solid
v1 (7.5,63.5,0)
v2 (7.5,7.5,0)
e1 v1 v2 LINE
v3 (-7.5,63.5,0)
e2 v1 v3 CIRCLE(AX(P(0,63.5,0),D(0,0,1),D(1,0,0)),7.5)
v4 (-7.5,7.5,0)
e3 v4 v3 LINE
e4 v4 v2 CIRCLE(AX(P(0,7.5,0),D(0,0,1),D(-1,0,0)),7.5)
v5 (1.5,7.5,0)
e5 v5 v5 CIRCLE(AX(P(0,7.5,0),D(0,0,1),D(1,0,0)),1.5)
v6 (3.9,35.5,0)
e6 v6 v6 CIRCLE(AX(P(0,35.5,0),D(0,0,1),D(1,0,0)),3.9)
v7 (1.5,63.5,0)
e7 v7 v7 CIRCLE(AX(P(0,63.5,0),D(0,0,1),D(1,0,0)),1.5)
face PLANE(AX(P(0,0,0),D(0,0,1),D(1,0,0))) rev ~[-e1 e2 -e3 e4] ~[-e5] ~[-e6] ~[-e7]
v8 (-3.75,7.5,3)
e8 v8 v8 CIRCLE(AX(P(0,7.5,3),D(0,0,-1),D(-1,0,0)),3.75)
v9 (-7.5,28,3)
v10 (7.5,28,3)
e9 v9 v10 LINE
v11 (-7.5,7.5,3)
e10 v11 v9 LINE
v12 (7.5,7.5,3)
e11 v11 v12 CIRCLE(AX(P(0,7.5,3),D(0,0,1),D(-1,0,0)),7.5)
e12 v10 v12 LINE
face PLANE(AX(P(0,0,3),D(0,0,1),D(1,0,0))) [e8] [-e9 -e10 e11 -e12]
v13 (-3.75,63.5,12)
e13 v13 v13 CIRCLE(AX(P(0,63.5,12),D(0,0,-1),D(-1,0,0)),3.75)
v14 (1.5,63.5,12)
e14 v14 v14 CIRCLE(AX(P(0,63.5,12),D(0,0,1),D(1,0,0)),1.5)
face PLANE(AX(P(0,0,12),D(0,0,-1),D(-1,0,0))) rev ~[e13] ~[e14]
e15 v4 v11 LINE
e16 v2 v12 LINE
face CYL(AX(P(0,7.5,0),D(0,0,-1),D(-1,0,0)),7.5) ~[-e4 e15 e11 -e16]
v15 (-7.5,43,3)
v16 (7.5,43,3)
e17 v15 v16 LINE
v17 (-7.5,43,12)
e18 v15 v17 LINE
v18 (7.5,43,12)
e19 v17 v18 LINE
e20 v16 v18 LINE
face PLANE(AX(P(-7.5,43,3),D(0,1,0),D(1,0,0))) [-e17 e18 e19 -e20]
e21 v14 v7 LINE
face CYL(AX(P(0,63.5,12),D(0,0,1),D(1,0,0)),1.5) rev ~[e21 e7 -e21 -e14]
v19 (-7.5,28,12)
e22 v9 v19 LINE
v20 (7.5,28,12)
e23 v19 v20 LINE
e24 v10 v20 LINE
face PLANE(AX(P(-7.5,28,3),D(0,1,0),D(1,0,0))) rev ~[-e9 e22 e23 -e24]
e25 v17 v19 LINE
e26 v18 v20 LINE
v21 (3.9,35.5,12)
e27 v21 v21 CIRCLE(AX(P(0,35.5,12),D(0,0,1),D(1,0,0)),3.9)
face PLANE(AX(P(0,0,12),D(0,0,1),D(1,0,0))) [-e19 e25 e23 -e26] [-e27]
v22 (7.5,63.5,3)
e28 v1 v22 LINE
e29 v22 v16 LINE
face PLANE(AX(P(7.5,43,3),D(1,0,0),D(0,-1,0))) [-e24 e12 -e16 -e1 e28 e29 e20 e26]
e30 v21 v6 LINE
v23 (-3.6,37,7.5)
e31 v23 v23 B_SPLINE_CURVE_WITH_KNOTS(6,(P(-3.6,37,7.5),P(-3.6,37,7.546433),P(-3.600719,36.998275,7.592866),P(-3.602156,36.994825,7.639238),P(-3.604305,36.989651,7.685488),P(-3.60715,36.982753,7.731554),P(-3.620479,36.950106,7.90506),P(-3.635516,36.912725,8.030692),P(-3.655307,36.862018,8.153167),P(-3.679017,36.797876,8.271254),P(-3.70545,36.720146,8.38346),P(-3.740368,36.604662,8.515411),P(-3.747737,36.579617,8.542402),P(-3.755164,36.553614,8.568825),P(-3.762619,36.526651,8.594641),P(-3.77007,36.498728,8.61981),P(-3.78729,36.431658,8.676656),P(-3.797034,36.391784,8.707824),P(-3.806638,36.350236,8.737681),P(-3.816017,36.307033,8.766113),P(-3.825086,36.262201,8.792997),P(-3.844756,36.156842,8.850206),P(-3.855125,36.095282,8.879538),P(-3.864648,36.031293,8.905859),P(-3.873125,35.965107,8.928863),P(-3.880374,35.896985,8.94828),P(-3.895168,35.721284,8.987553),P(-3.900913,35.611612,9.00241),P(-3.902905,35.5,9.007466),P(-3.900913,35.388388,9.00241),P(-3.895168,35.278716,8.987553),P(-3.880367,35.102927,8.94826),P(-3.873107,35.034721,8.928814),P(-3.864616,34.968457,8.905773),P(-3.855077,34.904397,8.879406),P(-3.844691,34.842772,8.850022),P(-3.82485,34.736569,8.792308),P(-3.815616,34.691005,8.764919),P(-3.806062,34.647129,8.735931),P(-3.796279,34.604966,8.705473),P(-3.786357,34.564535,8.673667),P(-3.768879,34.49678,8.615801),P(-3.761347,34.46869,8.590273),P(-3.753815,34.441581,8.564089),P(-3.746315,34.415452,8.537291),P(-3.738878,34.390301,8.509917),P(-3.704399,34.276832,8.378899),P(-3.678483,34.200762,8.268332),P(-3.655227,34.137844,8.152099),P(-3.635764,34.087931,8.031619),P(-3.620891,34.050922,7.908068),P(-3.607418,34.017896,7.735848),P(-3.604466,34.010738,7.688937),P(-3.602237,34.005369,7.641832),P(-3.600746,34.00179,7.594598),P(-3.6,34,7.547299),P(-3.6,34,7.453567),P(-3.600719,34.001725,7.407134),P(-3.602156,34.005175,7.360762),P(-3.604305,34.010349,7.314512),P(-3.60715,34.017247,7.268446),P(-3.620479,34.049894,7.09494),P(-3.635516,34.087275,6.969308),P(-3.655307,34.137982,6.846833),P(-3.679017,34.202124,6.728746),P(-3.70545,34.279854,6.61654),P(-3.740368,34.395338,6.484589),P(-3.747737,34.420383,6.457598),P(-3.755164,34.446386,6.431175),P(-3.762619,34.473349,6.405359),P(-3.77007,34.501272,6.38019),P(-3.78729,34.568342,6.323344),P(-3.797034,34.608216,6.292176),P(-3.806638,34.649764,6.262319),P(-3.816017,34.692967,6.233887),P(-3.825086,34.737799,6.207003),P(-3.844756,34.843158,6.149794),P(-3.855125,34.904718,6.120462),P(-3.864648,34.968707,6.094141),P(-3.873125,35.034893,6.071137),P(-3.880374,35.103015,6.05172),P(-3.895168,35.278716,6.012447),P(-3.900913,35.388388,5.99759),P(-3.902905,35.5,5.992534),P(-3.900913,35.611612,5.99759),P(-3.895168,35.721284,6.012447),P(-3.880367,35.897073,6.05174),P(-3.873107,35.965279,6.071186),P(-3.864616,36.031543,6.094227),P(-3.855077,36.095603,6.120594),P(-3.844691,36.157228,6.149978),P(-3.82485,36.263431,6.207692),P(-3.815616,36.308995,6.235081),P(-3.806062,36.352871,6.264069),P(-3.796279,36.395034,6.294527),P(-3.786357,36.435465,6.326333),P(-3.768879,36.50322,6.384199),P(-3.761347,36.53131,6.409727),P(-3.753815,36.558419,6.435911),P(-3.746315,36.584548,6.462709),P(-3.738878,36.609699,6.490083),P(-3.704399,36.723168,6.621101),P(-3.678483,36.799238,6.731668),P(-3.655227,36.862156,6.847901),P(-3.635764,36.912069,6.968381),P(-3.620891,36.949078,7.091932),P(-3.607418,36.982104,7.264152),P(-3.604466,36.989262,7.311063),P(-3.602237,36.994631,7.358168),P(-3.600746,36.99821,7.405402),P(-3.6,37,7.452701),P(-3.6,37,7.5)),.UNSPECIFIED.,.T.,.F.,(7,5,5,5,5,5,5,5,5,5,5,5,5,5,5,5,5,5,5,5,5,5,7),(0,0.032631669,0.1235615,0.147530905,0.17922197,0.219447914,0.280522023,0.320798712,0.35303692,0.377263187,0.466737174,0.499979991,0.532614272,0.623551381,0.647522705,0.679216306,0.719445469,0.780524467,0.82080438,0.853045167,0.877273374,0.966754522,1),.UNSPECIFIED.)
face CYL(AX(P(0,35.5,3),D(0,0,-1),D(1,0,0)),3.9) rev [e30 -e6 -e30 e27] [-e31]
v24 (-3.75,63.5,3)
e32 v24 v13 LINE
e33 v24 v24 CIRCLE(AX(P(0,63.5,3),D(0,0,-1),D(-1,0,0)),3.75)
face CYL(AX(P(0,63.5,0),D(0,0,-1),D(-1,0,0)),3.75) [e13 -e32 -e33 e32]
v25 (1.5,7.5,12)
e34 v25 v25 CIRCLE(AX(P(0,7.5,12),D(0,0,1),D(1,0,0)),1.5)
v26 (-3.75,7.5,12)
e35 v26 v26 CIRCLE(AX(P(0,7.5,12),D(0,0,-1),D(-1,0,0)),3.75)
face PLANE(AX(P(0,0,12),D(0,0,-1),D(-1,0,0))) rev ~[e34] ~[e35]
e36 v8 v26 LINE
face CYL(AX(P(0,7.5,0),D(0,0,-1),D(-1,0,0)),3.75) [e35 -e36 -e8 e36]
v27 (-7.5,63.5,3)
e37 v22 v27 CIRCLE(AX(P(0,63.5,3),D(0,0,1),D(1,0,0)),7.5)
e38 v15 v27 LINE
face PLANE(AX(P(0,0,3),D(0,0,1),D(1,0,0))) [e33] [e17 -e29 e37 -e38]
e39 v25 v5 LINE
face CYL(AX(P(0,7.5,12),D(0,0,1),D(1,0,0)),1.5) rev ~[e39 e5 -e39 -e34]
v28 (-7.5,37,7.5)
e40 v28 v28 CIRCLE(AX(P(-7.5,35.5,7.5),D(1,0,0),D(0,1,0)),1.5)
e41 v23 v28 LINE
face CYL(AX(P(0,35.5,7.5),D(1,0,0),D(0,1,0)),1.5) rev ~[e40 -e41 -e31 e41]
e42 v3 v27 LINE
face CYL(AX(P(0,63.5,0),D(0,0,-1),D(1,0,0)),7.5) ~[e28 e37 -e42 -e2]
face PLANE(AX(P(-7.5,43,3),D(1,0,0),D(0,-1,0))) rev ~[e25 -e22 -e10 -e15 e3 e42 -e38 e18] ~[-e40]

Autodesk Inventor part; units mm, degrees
ref_plane "YZ Plane" through (0, 0, 0) normal (1, 0, 0) x (0, 1, 0)
ref_plane "XZ Plane" through (0, 0, 0) normal (0, 1, 0) x (-1, 0, 0)
ref_plane "XY Plane" through (0, 0, 0) normal (0, 0, 1) x (1, 0, 0)
sketch "Sketch1" plane through (0, 0, 0) normal (0, 0, 1) x (1, 0, 0)
  line L0 (0, 0) -> (0, 71) construction
  circle A0 centre (0, 63.5) radius 7.5 construction
  circle A1 centre (0, 7.5) radius 7.5 construction
  line L1 (7.5, 63.5) -> (7.5, 7.5)
  line L2 (-7.5, 7.5) -> (-7.5, 63.5)
  arc A2 (7.5, 63.5) -> (-7.5, 63.5) centre (0, 63.5) ccw
  arc A3 (-7.5, 7.5) -> (7.5, 7.5) centre (0, 7.5) ccw
  circle A4 centre (0, 35.5) radius 3.9
  circle A5 centre (0, 63.5) radius 3.75
  circle A6 centre (0, 7.5) radius 3.75
  dimension "d1" = 15
  dimension "d2" = 15
  dimension "d3" = 7.8
  dimension "d4" = 7.5
  dimension "d5" = 7.5
  dimension "d21" = 56
extrude "Extrusion1" add sketch "Sketch1" along normal blind 3
sketch "Sketch3" plane through (0, 0, 0) normal (0, 0, -1) x (-1, 0, 0)
  circle A0 centre (0, 63.5) radius 3.75 projected
  circle A1 centre (0, 7.5) radius 3.75 projected
  point P0 (0, 0)
extrude "Extrusion2" add sketch "Sketch3" against normal blind 12
sketch "Sketch4" plane through (0, 63.5, 12) normal (0, 0, 1) x (1, 0, 0)
  circle A0 centre (0, 0) radius 3.75 projected
  circle A1 centre (0, -56) radius 3.75 projected
  circle A2 centre (0, 0) radius 1.5
  circle A3 centre (0, -56) radius 1.5
  point P0 (0, -63.5)
  dimension "d10" = 3
  dimension "d11" = 3
extrude "Extrusion3" cut sketch "Sketch4" against normal through all contours A2 | A3
sketch "Sketch5" plane through (0, 0, 3) normal (0, 0, 1) x (1, 0, 0)
  circle A0 centre (0, 63.5) radius 1.5 projected
  line L0 (7.5, 43) -> (7.5, 28)
  line L1 (-7.5, 43) -> (-7.5, 28)
  circle A1 centre (0, 35.5) radius 3.9 projected
  line L2 (-7.5, 43) -> (7.5, 43)
  line L3 (-7.5, 28) -> (7.5, 28)
  point P0 (0, 0)
  point P1 (-7.5, 35.5)
  point P2 (7.5, 35.5)
  point P3 (7.5, 63.5)
  point P4 (-7.5, 63.5)
  point P5 (7.5, 7.5)
  dimension "d22" = 15
extrude "Extrusion4" add sketch "Sketch5" along normal blind 9 contours L0 L3 L1 L2
sketch "Sketch6" plane through (0, 0, 0) normal (1, 0, 0) x (0, 1, 0)
  line L0 (7.5, 0) -> (63.5, 0) projected
  line L1 (7.5, 0) -> (7.5, 3) projected
  line L2 (63.5, 3) -> (43, 3) projected
  line L3 (28, 3) -> (28, 12) projected
  line L4 (43, 12) -> (28, 12) projected
  line L5 (43, 3) -> (43, 12) projected
  line L6 (63.5, 0) -> (63.5, 3) projected
  circle A0 centre (35.5, 7.5) radius 1.5
  line L7 (28, 3) -> (7.5, 3) projected
  point P0 (0, 0)
  point P1 (35.5, 12)
  point P2 (43, 7.5)
  dimension "d18" = 3
extrude "Extrusion5" cut sketch "Sketch6" against normal through all contours A0
properties part number "WaveGenerator" material "ABS Plastic"
